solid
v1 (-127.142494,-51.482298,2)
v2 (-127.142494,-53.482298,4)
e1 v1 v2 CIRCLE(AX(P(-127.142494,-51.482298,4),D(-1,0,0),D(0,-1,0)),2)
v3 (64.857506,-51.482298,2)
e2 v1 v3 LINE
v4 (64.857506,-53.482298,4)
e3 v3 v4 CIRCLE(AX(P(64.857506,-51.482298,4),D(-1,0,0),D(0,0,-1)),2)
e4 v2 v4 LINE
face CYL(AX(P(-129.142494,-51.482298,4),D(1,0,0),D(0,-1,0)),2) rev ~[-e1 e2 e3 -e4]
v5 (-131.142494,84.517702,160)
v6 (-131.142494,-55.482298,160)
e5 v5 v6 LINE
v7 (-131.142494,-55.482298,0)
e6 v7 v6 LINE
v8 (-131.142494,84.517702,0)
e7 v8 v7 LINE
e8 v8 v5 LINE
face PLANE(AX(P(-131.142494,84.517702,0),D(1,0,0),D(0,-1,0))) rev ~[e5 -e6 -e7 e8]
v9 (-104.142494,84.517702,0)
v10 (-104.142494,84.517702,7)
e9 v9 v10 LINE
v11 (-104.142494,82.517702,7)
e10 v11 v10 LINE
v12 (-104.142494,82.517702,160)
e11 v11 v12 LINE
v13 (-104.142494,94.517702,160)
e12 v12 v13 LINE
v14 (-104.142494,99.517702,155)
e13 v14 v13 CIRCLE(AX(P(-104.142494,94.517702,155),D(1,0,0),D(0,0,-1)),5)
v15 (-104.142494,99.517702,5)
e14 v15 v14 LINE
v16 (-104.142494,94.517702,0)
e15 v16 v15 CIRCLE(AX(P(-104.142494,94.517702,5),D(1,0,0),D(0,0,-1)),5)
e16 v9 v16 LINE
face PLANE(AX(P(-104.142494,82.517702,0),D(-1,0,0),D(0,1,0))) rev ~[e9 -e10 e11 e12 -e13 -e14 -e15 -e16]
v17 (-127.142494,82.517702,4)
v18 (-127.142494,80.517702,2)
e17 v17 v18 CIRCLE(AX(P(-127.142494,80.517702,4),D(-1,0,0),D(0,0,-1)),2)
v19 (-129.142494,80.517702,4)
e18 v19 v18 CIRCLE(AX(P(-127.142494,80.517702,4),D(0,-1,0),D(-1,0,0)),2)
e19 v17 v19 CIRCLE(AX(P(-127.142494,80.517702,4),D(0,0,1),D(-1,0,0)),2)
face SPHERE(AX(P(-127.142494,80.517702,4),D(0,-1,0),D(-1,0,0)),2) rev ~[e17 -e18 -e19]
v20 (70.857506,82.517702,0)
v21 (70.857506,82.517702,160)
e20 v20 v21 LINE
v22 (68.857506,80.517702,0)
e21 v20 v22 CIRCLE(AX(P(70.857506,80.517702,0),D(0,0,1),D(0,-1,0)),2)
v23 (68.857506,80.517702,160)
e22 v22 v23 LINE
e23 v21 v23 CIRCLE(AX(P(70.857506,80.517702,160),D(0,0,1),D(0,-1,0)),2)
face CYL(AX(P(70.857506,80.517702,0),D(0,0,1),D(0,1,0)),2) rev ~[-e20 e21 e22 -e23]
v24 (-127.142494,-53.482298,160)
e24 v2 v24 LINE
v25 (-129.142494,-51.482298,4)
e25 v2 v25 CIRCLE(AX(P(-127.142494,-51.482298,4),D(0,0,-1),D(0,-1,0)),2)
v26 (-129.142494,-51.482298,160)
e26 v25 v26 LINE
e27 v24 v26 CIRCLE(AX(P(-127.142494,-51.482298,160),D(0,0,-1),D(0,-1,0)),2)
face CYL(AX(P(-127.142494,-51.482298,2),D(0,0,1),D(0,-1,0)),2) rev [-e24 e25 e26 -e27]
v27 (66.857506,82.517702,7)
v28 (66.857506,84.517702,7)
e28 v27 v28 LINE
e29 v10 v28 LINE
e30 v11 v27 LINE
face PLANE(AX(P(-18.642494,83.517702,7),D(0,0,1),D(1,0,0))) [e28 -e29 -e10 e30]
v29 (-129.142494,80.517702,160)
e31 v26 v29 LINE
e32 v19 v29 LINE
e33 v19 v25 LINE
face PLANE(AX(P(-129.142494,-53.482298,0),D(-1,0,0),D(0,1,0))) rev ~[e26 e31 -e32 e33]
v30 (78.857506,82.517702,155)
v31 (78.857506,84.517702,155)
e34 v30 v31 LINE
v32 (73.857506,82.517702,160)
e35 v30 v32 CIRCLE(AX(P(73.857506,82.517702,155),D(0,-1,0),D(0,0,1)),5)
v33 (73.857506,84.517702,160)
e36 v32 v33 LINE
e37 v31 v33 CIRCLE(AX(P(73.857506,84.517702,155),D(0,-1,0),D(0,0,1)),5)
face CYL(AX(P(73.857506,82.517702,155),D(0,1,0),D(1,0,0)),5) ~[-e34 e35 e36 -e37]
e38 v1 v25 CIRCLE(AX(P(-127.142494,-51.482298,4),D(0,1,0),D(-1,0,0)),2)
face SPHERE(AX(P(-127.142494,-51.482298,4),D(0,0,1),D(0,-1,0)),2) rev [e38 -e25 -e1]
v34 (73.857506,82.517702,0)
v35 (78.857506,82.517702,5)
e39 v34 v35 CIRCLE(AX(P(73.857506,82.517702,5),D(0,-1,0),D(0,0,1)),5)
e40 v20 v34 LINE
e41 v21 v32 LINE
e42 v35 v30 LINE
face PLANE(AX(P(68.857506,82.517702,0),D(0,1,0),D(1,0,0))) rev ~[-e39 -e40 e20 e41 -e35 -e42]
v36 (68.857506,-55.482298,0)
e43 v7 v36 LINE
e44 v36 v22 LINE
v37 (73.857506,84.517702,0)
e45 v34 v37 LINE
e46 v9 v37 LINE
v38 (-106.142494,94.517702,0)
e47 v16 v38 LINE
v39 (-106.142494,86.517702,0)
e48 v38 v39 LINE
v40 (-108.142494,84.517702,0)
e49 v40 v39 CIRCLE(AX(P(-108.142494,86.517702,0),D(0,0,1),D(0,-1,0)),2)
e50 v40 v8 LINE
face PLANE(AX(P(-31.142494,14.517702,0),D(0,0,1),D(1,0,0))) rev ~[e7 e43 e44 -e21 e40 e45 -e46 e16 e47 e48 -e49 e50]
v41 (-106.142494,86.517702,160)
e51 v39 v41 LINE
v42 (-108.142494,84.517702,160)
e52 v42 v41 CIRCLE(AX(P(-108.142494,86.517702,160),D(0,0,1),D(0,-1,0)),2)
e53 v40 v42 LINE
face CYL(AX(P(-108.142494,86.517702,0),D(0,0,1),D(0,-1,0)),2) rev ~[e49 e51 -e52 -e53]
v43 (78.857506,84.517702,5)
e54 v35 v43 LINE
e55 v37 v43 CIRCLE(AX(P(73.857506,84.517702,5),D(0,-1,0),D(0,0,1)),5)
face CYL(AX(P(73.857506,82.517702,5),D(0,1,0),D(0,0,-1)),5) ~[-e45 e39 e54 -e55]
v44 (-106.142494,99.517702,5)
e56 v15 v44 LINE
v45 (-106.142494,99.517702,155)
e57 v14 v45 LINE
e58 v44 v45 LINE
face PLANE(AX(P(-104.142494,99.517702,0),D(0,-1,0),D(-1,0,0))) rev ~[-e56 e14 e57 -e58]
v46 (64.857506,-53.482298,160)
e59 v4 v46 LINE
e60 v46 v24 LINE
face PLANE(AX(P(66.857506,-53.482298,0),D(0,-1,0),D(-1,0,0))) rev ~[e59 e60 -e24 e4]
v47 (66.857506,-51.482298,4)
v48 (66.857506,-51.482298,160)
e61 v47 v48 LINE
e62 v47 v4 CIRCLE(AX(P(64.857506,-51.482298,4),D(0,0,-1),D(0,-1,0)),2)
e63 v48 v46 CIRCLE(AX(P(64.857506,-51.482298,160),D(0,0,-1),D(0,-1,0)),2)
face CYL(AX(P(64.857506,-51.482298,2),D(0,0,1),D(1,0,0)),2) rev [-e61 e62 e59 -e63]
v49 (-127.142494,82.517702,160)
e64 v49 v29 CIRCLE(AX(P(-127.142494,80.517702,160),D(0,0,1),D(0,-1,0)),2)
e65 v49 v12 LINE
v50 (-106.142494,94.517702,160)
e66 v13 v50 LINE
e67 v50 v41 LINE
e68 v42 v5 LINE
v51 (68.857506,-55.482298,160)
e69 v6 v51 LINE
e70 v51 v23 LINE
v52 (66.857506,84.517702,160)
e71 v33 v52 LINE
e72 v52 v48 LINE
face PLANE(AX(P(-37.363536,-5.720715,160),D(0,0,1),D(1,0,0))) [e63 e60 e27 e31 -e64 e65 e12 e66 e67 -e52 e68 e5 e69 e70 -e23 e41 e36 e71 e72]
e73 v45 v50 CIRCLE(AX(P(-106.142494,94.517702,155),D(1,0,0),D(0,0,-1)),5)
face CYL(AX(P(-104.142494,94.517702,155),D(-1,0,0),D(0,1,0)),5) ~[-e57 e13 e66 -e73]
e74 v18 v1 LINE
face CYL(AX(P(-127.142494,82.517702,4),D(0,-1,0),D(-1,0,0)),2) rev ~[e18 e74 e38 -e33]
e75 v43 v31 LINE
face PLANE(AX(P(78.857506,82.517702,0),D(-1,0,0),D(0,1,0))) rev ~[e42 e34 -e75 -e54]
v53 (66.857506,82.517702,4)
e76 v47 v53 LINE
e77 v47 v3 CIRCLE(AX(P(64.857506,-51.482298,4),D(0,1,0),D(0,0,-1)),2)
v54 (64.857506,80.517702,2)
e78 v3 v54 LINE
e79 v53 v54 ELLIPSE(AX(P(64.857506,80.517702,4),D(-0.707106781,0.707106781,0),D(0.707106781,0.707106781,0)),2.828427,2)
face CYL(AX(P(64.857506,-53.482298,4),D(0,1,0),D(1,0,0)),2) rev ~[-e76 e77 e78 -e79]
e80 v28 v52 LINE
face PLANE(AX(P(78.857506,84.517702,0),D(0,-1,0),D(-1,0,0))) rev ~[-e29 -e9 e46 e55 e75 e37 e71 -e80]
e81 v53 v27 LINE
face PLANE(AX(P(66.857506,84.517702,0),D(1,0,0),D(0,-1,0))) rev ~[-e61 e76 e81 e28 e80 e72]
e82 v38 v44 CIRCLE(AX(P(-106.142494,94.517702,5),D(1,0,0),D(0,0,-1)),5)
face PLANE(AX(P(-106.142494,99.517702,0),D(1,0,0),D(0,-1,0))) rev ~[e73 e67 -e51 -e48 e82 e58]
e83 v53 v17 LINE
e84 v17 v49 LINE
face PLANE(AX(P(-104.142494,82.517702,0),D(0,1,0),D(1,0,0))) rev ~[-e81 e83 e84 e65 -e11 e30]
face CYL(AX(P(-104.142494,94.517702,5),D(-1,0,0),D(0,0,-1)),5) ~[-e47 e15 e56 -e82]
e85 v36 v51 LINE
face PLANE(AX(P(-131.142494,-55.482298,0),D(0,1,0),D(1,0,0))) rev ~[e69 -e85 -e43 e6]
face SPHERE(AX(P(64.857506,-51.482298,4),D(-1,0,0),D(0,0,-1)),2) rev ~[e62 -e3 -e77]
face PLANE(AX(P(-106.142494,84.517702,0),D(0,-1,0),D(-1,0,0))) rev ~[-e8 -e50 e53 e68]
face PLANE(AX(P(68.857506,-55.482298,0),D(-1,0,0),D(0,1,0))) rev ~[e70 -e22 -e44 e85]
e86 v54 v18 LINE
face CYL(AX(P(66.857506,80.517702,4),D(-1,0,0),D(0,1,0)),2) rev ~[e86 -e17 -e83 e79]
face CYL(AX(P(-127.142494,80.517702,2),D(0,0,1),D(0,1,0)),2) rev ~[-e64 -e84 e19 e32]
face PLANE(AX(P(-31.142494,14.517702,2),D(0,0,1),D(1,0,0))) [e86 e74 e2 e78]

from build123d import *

# Parameters (mm, degrees)
F0_W     = 10
F0_H     = 2
F1_DEPTH = 160
F0_W_2   = 171
F2_DEPTH = 7
F3_DEPTH = 2
F4_R     = 5
F5_R     = 2


with BuildPart() as f1:
    # F0 (on Top) → F1 (new body)
    with BuildSketch(Plane.XY):
        Polygon((-106.142494, 84.517702), (-131.142494, 84.517702), (-131.142494, -55.482298), (68.857506, -55.482298), (68.857506, 82.517702), (68.857506, 84.517702), (66.857506, 84.517702), (66.857506, 82.517702), (66.857506, -53.482298), (-129.142494, -53.482298), (-129.142494, 82.517702), (-104.142494, 82.517702), (-104.142494, 84.517702), (-104.142494, 99.517702), (-106.142494, 99.517702), align=None)
        with Locations((73.857506, 83.517702)):
            Rectangle(F0_W, F0_H)
    extrude(amount=F1_DEPTH)

    # F0 (on Top) → F2 (join)
    with BuildSketch(Plane.XY):
        with Locations((-18.642494, 83.517702)):
            Rectangle(F0_W_2, F0_H)
    extrude(amount=F2_DEPTH)

    # F0 (on Top) → F3 (join)
    with BuildSketch(Plane.XY):
        Polygon((66.857506, 82.517702), (-104.142494, 82.517702), (-129.142494, 82.517702), (-129.142494, -53.482298), (66.857506, -53.482298), align=None)
    extrude(amount=F3_DEPTH)

    # F4
    f4_edges = [f1.edges().sort_by_distance(p)[0] for p in [
        (-105.142494, 99.517702, 160),
        (-105.142494, 99.517702, 0),
        (78.857506, 83.517702, 0),
        (78.857506, 83.517702, 160),
    ]]
    fillet(f4_edges, radius=F4_R)

    # F5
    f5_edges = [f1.edges().sort_by_distance(p)[0] for p in [
        (-129.142494, -53.482298, 81),
        (-31.142494, -53.482298, 2),
        (-129.142494, 14.517702, 2),
        (66.857506, 14.517702, 2),
        (66.857506, -53.482298, 81),
        (-129.142494, 82.517702, 81),
        (-31.142494, 82.517702, 2),
        (68.857506, 82.517702, 80),
        (-106.142494, 84.517702, 80),
    ]]
    fillet(f5_edges, radius=F5_R)


solid = f1.part
